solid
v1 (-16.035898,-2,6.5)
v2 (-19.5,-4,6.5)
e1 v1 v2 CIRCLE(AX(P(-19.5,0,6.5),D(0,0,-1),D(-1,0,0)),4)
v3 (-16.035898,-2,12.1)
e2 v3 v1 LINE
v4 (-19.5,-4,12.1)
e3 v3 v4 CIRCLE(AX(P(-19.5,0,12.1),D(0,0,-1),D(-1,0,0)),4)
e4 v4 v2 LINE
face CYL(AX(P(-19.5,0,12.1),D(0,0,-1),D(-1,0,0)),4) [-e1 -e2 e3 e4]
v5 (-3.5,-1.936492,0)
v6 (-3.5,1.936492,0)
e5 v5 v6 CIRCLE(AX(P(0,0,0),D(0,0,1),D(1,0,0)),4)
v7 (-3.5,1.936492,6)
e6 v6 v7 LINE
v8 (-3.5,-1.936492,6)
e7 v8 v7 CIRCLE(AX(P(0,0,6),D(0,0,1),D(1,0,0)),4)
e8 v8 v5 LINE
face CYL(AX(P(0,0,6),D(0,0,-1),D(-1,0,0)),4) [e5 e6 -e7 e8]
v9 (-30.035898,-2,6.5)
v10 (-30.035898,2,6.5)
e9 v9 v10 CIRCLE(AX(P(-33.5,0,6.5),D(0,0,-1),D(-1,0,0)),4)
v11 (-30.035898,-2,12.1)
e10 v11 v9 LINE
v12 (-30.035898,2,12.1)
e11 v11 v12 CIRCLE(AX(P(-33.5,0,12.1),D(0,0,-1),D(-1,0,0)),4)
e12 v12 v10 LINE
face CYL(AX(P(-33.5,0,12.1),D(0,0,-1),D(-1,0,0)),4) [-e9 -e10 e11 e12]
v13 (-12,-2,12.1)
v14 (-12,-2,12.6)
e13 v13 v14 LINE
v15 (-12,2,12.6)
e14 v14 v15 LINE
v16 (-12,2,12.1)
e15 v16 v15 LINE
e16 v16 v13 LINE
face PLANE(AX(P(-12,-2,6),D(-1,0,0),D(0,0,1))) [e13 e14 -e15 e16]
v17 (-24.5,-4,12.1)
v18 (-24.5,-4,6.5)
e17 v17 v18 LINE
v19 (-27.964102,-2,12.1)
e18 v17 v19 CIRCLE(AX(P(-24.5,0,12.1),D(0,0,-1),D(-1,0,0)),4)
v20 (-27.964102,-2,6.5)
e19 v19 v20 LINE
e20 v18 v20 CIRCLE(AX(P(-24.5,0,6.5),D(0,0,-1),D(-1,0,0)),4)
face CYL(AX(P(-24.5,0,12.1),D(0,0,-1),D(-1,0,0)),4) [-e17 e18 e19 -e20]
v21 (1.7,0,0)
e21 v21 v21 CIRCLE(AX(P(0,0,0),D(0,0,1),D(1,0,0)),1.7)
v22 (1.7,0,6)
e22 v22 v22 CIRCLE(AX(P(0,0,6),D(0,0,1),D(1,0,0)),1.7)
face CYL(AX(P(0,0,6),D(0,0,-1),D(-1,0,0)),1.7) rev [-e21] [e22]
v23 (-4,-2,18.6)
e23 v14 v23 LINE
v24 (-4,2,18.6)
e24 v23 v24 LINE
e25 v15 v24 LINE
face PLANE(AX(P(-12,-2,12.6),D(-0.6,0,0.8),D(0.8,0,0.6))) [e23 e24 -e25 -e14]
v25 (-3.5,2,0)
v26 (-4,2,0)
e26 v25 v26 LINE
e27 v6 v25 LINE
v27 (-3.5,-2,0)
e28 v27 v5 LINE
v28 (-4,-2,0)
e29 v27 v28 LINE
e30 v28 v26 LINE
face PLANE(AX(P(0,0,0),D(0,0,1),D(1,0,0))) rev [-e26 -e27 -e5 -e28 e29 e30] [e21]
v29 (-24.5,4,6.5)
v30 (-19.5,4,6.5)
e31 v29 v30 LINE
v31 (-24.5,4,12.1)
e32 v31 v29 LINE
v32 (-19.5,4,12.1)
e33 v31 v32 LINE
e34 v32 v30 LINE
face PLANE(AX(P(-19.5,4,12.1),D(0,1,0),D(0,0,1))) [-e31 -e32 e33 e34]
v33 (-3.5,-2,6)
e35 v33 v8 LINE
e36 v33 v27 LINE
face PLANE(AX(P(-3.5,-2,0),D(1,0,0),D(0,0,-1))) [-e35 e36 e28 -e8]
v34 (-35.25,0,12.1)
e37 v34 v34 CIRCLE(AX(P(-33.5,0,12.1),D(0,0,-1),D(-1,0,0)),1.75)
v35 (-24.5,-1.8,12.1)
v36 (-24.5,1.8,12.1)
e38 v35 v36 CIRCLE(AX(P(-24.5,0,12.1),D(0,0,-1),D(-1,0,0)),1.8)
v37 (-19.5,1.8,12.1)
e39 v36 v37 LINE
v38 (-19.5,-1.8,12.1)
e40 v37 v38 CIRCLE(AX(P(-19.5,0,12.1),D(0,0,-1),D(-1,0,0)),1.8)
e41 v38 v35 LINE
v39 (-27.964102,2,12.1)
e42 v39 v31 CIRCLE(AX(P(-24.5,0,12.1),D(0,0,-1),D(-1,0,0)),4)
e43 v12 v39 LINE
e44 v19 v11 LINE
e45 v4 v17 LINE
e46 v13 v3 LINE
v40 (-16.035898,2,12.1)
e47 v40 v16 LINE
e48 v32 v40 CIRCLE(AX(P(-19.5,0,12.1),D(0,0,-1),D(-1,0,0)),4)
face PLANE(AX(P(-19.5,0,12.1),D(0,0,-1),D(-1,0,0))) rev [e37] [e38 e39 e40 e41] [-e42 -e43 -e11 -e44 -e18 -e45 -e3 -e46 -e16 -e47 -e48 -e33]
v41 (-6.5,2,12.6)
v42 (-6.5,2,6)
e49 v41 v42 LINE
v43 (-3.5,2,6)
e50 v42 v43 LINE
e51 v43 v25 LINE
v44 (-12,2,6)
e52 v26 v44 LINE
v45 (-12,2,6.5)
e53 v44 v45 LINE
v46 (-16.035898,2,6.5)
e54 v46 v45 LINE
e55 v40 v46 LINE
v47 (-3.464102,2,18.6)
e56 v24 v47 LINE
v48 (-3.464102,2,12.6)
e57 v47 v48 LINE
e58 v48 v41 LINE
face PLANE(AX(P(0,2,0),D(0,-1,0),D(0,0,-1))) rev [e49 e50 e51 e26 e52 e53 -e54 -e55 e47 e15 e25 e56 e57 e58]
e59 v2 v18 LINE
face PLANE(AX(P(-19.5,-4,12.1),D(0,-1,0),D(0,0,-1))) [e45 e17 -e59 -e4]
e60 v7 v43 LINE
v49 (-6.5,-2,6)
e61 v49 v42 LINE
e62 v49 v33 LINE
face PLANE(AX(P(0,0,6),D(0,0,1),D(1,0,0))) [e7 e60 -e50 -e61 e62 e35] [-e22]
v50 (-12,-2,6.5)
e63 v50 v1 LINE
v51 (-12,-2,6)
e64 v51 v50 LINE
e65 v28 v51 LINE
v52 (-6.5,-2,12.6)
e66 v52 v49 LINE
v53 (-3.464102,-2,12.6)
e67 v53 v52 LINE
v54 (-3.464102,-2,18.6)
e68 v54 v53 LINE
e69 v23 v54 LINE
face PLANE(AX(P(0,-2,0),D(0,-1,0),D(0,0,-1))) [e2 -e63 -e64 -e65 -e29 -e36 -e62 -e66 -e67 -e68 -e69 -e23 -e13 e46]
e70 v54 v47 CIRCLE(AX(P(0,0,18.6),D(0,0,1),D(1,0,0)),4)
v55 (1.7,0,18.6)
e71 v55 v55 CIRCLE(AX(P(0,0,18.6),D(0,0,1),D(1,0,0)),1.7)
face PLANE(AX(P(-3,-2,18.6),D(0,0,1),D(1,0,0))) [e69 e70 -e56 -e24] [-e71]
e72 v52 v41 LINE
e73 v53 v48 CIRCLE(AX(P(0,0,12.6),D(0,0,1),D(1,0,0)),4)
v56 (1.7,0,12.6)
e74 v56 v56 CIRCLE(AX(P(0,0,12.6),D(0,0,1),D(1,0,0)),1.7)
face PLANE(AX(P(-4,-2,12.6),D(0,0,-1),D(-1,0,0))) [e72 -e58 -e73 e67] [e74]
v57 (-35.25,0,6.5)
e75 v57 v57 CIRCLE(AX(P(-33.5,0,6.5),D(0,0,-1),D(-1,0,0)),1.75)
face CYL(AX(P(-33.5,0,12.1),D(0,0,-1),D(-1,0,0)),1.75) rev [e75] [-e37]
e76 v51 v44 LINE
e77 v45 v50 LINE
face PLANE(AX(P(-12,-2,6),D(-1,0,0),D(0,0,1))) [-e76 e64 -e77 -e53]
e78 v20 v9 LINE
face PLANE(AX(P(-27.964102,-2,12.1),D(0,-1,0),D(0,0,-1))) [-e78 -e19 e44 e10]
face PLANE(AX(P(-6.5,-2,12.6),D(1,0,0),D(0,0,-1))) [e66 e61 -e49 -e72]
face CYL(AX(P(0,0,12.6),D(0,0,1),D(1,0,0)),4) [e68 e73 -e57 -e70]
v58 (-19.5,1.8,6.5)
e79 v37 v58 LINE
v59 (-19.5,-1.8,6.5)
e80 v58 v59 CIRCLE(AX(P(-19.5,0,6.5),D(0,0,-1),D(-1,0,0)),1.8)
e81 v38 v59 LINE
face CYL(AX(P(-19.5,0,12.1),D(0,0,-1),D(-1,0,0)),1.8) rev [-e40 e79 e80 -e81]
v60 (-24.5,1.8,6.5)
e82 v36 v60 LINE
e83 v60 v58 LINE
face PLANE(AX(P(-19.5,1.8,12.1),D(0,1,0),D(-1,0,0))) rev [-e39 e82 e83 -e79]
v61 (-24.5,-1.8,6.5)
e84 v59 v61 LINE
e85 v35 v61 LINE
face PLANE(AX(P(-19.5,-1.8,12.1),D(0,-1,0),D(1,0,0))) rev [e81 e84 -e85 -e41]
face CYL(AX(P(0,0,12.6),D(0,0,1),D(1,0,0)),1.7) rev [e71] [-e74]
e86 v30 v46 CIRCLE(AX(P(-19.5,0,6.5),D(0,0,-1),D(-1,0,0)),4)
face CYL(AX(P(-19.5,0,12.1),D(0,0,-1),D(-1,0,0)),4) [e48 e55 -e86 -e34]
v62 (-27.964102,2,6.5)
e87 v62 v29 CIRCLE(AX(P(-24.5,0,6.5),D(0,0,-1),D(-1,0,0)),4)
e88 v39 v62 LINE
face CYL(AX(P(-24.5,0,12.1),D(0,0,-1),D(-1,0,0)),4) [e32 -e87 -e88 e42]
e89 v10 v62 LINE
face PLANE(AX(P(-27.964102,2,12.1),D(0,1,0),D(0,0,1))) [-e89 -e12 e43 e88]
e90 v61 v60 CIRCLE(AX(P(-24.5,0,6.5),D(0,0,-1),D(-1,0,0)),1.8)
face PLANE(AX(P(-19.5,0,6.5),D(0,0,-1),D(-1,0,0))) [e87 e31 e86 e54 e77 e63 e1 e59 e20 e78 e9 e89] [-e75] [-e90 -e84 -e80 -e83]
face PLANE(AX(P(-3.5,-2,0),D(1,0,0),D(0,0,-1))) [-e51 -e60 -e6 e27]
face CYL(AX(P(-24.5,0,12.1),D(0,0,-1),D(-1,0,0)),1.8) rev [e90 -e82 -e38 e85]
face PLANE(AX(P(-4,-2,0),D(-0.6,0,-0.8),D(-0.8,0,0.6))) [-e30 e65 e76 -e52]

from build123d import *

# Parameters (mm, degrees)
SKETCH_1_R           = 4
SKETCH_1_R_2         = 1.7
EXTRUDE_1_DEPTH      = 6
EXTRUDE_2_DEPTH      = 2
EXTRUDE_2_DEPTH_BACK = 2
EXTRUDE_3_DEPTH      = 2.8
EXTRUDE_3_DEPTH_BACK = 2.8
SKETCH_3_R           = 1.75


with BuildPart() as part:
    # Эскиз1 → Бобышка-Вытянуть1 (new body)
    with BuildSketch(Plane.XY):
        Circle(SKETCH_1_R)
        Circle(SKETCH_1_R_2, mode=Mode.SUBTRACT)
    extrude_1 = extrude(amount=EXTRUDE_1_DEPTH)

    # Эскиз2 → Бобышка-Вытянуть2 (add, two sides: drawn at the far end of the back side and taken through both)
    with BuildSketch(Plane(origin=(0, 0, 0), x_dir=(1, 0, 0), z_dir=(0, 1, 0)).offset(-EXTRUDE_2_DEPTH_BACK)):
        Polygon((-4, 0), (-12, -6), (-12, -12.6), (-4, -18.6), (-3, -18.6), (-3, -12.6), (-4, -12.6), (-6.5, -12.6), (-6.5, -6), (-4, -6), (-3.5, -6), (-3.5, 0), align=None)
    extrude(amount=EXTRUDE_2_DEPTH + EXTRUDE_2_DEPTH_BACK)

    # Зеркальное отражение1: Бобышка-Вытянуть1 across plane
    add(extrude_1.mirror(Plane(origin=(0, 0, 9.3), x_dir=(1, 0, 0), z_dir=(0, 0, -1))))

    # Эскиз3 → Бобышка-Вытянуть3 (add, two sides: drawn at the far end of the back side and taken through both)
    with BuildSketch(Plane(origin=(0, 0, 9.3), x_dir=(-1, 0, 0), z_dir=(0, 0, -1)).offset(-EXTRUDE_3_DEPTH_BACK)):
        with BuildLine():
            Line((19.5, 4), (24.5, 4))
            ThreePointArc((24.5, 4), (26.5, 3.464101615), (27.964101615, 2))
            Line((27.964101615, 2), (30.035898385, 2))
            ThreePointArc((30.035898385, 2), (37.5, 0), (30.035898385, -2))
            Line((30.035898385, -2), (27.964101615, -2))
            ThreePointArc((27.964101615, -2), (26.5, -3.464101615), (24.5, -4))
            Line((24.5, -4), (19.5, -4))
            ThreePointArc((19.5, -4), (17.5, -3.464101615), (16.035898385, -2))
            Line((16.035898385, -2), (12, -2))
            Line((12, -2), (12, 2))
            Line((12, 2), (16.035898385, 2))
            ThreePointArc((16.035898385, 2), (17.5, 3.464101615), (19.5, 4))
        make_face()
        with Locations((33.5, 0)):
            Circle(SKETCH_3_R, mode=Mode.SUBTRACT)
        with BuildLine():
            Line((19.5, 1.8), (24.5, 1.8))
            ThreePointArc((24.5, 1.8), (26.3, 0), (24.5, -1.8))
            Line((24.5, -1.8), (19.5, -1.8))
            ThreePointArc((19.5, -1.8), (17.7, 0), (19.5, 1.8))
        make_face(mode=Mode.SUBTRACT)
    extrude(amount=EXTRUDE_3_DEPTH + EXTRUDE_3_DEPTH_BACK)


solid = part.part
